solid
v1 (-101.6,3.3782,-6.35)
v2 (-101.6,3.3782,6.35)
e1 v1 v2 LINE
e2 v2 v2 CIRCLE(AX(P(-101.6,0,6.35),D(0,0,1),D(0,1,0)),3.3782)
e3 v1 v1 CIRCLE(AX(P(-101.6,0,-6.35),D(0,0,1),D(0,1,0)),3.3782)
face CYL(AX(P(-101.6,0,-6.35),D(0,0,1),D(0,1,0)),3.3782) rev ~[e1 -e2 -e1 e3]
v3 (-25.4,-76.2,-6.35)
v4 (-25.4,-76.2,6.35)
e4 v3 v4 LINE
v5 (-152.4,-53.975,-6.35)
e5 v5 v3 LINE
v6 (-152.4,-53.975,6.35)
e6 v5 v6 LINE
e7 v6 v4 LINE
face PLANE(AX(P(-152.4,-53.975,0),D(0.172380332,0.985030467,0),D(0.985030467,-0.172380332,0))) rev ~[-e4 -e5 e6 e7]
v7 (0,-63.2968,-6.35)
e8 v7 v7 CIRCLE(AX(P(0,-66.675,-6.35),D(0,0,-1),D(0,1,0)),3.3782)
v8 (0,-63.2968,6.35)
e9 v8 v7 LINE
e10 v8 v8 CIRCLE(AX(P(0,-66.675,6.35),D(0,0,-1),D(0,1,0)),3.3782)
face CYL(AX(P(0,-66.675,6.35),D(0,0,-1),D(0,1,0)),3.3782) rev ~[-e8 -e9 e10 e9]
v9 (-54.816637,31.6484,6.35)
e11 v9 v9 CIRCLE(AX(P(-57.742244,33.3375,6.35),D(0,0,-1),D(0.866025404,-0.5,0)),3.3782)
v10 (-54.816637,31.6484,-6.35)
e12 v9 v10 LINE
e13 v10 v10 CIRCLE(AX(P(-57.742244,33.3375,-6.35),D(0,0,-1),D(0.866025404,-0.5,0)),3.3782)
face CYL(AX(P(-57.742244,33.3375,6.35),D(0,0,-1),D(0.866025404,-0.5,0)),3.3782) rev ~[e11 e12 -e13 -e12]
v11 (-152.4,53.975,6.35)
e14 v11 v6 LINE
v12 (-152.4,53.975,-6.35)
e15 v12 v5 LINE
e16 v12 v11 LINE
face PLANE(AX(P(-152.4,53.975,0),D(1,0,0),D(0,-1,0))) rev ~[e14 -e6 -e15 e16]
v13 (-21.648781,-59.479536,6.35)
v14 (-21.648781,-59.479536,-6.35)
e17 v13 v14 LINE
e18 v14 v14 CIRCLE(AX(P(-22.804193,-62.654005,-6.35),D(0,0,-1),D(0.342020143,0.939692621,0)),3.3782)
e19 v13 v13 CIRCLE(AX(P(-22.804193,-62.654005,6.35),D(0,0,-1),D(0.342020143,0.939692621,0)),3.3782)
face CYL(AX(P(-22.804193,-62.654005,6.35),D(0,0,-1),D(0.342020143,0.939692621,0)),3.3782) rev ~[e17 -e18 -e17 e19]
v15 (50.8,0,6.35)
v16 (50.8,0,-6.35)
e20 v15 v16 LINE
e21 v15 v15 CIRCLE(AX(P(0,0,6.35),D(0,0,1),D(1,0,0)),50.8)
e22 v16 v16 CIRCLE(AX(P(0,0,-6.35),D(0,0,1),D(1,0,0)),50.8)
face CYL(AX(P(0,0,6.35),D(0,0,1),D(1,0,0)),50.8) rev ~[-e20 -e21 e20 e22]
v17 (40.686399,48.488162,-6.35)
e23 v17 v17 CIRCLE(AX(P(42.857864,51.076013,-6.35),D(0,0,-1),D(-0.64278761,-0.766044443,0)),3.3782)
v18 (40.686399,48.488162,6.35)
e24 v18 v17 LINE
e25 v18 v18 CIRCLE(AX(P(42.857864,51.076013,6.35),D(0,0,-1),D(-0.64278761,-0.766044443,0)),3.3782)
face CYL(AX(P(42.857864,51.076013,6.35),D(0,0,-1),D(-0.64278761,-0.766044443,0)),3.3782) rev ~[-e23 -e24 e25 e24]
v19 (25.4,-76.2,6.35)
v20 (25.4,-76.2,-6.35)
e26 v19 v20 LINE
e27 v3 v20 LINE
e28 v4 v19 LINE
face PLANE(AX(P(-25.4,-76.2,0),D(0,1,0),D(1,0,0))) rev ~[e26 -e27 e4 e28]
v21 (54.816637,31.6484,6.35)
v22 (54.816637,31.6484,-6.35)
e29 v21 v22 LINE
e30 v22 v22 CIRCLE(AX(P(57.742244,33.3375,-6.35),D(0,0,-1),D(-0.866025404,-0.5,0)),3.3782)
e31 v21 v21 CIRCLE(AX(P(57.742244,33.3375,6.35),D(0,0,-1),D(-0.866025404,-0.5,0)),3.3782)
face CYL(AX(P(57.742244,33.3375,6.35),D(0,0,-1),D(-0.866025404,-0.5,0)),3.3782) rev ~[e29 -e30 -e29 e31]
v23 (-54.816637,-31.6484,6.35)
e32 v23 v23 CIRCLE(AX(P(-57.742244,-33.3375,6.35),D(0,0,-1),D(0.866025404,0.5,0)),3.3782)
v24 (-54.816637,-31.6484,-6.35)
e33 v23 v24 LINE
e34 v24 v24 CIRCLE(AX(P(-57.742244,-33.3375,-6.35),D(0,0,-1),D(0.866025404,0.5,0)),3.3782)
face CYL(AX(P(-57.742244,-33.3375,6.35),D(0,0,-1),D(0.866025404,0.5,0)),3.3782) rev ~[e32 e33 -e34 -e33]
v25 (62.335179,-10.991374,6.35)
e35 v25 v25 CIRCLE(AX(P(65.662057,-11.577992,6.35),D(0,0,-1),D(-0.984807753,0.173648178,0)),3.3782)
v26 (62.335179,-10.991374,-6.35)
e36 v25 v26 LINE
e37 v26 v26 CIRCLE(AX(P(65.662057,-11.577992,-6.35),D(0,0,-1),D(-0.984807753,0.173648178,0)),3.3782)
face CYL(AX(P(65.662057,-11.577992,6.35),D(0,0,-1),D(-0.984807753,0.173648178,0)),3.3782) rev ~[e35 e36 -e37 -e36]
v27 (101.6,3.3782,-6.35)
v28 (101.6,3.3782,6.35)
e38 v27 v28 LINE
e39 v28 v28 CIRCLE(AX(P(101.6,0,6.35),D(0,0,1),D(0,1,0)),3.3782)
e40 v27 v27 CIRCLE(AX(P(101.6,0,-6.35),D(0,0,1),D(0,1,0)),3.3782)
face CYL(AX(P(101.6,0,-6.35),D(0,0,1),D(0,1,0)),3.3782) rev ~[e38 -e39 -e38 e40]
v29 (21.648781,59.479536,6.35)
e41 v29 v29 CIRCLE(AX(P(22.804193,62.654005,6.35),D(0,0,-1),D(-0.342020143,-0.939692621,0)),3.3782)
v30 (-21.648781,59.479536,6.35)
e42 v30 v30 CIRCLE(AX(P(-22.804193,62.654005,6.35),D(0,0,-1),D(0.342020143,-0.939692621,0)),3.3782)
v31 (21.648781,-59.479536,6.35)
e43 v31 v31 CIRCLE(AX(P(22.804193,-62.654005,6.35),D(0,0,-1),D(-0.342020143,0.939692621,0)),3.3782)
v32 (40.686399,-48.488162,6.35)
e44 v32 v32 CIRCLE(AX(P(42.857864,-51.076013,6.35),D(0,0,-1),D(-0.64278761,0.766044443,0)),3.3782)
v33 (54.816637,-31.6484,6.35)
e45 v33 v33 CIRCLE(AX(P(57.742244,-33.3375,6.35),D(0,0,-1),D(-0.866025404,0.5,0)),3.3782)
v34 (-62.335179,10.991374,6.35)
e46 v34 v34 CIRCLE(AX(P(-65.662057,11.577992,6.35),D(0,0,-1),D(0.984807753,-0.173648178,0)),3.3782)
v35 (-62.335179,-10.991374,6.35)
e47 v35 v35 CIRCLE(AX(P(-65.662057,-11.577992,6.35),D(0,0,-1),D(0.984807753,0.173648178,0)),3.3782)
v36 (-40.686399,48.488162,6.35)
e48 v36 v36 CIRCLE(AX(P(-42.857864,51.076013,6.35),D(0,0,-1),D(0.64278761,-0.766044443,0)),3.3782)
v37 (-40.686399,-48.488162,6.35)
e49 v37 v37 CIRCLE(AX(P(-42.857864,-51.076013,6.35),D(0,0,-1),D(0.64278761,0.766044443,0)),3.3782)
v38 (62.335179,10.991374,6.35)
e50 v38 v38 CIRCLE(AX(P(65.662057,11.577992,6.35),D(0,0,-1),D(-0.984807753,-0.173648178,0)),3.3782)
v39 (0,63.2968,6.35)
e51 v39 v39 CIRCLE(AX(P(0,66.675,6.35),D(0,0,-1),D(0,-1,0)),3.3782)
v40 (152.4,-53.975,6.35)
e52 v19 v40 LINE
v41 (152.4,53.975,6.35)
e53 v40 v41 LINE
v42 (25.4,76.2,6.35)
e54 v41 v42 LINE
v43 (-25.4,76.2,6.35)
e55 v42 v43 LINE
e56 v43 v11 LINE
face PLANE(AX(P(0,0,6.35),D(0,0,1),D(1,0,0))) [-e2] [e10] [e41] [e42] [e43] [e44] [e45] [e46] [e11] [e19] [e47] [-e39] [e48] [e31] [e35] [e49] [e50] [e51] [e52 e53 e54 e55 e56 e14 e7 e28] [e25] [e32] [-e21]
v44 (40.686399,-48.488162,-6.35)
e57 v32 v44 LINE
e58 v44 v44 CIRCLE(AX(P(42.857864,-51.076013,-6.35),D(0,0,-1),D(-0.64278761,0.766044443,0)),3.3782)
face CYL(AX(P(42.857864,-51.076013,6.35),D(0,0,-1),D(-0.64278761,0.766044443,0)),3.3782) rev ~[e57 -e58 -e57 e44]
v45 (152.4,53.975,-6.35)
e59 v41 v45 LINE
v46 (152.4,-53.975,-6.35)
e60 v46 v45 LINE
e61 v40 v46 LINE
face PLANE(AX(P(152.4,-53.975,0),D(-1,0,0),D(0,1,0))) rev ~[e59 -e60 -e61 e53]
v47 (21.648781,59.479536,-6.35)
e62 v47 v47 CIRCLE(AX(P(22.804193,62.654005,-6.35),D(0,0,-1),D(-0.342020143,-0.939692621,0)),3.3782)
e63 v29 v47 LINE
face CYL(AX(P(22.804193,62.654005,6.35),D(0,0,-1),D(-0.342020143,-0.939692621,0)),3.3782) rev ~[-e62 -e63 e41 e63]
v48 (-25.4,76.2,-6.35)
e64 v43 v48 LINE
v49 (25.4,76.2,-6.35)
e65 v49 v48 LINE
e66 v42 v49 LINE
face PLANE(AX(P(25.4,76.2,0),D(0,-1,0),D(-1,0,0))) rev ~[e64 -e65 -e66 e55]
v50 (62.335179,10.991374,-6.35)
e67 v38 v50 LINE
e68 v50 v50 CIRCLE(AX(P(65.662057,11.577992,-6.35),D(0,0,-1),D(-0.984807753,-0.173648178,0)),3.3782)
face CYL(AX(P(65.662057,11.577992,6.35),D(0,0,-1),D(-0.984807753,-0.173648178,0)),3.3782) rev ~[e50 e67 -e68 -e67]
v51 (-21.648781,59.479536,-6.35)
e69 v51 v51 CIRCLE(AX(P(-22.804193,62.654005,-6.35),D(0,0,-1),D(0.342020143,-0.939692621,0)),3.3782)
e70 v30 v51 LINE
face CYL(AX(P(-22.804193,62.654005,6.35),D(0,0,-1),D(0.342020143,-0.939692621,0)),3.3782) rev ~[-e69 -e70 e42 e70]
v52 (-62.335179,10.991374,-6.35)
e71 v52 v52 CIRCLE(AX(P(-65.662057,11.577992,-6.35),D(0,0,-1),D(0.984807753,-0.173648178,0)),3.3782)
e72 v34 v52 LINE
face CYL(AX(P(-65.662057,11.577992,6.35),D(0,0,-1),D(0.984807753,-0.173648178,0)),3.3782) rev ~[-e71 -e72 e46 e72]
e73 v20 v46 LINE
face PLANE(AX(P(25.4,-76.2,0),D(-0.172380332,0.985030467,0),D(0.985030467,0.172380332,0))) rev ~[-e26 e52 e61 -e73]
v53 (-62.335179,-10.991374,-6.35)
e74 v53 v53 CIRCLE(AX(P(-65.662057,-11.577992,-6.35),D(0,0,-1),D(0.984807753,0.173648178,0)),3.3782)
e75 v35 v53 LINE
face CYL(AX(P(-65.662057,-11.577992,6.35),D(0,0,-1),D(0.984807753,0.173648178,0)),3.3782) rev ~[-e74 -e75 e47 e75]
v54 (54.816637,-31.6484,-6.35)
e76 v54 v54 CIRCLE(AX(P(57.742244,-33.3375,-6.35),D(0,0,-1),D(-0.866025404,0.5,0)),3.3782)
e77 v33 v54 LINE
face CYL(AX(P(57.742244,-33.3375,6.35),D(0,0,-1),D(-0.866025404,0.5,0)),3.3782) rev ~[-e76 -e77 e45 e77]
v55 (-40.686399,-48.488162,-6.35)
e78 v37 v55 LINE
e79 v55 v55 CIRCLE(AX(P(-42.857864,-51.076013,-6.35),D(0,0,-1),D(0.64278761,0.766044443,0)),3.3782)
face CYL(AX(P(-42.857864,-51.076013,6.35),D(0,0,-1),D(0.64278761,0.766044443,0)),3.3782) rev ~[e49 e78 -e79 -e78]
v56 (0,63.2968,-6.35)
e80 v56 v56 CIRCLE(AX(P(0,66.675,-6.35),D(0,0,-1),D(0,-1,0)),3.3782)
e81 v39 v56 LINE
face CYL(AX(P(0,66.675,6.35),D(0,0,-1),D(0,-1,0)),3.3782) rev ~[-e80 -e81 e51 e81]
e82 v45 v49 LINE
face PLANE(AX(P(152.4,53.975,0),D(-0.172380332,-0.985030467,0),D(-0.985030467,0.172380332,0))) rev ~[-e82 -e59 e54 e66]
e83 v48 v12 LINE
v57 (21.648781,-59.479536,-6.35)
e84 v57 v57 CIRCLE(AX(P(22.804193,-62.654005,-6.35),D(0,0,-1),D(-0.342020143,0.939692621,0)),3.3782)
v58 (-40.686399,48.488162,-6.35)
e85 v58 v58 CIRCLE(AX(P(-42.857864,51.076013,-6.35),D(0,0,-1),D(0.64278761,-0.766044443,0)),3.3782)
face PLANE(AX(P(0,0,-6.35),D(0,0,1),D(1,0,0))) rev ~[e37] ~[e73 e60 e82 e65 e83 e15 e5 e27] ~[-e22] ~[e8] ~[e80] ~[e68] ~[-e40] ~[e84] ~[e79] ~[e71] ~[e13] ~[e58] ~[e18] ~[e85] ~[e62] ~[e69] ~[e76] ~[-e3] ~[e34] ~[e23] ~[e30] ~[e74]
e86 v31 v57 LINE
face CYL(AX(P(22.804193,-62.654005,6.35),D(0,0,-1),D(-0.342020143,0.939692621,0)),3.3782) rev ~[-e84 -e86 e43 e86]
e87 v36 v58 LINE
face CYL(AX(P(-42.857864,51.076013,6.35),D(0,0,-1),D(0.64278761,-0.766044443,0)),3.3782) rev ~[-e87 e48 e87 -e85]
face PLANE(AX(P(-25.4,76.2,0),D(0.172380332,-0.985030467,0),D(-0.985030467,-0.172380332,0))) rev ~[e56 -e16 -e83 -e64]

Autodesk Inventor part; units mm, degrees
ref_plane "YZ Plane" through (0, 0, 0) normal (1, 0, 0) x (0, 1, 0)
ref_plane "XZ Plane" through (0, 0, 0) normal (0, 1, 0) x (-1, 0, 0)
ref_plane "XY Plane" through (0, 0, 0) normal (0, 0, 1) x (1, 0, 0)
sketch "Sketch1" plane through (0, 0, 0) normal (0, 0, 1) x (1, 0, 0)
  line L0 (-152.4, 53.975) -> (-152.4, -53.975)
  line L1 (-152.4, -53.975) -> (-25.4, -76.2)
  line L2 (-25.4, -76.2) -> (25.4, -76.2)
  line L3 (25.4, -76.2) -> (152.4, -53.975)
  line L4 (152.4, -53.975) -> (152.4, 53.975)
  line L5 (152.4, 53.975) -> (25.4, 76.2)
  line L6 (25.4, 76.2) -> (-25.4, 76.2)
  line L7 (-25.4, 76.2) -> (-152.4, 53.975)
  point P0 (0, 0)
  dimension "d59" = 152.4
  dimension "d60" = 304.8
  dimension "d61" = 76.2
  dimension "d62" = 152.4
  dimension "d64" = 50.8
  dimension "d65" = 25.4
  dimension "d66" = 107.95
extrude "Extrusion1" add sketch "Sketch1" along normal mid plane 12.7
sketch "Sketch2" plane through (0, 0, 6.35) normal (0, 0, 1) x (1, 0, 0)
  circle A0 centre (0, 0) radius 50.8
  dimension "d4" = 101.6
extrude "Extrusion2" cut sketch "Sketch2" against normal through all
sketch "Sketch5" plane through (0, 0, 6.35) normal (0, 0, 1) x (1, 0, 0)
  circle A0 centre (0, 0) radius 66.675 construction
  point P0 (0, 66.675)
  dimension "d36" = 133.35
hole "Hole1" at (0, 66.675, 6.35) direction (0, 0, -1) diameter 6.7564 end through all clearance for "Flat Head Machine Screw (82)" size "1/4" standard "Ansi Unified Screw Threads"
pattern_circular "Circular Pattern1" count 18 over 360 about axis through (0, 0, 6.35) along (0, 0, -1) of "Hole1"
sketch "Sketch6" plane through (0, 0, -6.35) normal (0, 0, -1) x (-1, 0, 0)
  point P0 (0, 0)
  point P1 (-101.6, 0)
  point P2 (101.6, 0)
  dimension "d47" = 203.2
  dimension "d48" = 101.6
hole "Hole2" at (101.6, 0, -6.35) at (-101.6, 0, -6.35) direction (0, 0, 1) diameter 6.7564 end through all clearance for "Socket Head Cap Screw" size "1/4" standard "Ansi Unified Screw Threads"
equation "\"d61\" = 0.5 * d59"
equation "\"d62\" = 0.5 * d60"
equation "\"d65\" = 0.5 * d64"
properties part number "ODSY-0007-002" material "Stainless Steel"
